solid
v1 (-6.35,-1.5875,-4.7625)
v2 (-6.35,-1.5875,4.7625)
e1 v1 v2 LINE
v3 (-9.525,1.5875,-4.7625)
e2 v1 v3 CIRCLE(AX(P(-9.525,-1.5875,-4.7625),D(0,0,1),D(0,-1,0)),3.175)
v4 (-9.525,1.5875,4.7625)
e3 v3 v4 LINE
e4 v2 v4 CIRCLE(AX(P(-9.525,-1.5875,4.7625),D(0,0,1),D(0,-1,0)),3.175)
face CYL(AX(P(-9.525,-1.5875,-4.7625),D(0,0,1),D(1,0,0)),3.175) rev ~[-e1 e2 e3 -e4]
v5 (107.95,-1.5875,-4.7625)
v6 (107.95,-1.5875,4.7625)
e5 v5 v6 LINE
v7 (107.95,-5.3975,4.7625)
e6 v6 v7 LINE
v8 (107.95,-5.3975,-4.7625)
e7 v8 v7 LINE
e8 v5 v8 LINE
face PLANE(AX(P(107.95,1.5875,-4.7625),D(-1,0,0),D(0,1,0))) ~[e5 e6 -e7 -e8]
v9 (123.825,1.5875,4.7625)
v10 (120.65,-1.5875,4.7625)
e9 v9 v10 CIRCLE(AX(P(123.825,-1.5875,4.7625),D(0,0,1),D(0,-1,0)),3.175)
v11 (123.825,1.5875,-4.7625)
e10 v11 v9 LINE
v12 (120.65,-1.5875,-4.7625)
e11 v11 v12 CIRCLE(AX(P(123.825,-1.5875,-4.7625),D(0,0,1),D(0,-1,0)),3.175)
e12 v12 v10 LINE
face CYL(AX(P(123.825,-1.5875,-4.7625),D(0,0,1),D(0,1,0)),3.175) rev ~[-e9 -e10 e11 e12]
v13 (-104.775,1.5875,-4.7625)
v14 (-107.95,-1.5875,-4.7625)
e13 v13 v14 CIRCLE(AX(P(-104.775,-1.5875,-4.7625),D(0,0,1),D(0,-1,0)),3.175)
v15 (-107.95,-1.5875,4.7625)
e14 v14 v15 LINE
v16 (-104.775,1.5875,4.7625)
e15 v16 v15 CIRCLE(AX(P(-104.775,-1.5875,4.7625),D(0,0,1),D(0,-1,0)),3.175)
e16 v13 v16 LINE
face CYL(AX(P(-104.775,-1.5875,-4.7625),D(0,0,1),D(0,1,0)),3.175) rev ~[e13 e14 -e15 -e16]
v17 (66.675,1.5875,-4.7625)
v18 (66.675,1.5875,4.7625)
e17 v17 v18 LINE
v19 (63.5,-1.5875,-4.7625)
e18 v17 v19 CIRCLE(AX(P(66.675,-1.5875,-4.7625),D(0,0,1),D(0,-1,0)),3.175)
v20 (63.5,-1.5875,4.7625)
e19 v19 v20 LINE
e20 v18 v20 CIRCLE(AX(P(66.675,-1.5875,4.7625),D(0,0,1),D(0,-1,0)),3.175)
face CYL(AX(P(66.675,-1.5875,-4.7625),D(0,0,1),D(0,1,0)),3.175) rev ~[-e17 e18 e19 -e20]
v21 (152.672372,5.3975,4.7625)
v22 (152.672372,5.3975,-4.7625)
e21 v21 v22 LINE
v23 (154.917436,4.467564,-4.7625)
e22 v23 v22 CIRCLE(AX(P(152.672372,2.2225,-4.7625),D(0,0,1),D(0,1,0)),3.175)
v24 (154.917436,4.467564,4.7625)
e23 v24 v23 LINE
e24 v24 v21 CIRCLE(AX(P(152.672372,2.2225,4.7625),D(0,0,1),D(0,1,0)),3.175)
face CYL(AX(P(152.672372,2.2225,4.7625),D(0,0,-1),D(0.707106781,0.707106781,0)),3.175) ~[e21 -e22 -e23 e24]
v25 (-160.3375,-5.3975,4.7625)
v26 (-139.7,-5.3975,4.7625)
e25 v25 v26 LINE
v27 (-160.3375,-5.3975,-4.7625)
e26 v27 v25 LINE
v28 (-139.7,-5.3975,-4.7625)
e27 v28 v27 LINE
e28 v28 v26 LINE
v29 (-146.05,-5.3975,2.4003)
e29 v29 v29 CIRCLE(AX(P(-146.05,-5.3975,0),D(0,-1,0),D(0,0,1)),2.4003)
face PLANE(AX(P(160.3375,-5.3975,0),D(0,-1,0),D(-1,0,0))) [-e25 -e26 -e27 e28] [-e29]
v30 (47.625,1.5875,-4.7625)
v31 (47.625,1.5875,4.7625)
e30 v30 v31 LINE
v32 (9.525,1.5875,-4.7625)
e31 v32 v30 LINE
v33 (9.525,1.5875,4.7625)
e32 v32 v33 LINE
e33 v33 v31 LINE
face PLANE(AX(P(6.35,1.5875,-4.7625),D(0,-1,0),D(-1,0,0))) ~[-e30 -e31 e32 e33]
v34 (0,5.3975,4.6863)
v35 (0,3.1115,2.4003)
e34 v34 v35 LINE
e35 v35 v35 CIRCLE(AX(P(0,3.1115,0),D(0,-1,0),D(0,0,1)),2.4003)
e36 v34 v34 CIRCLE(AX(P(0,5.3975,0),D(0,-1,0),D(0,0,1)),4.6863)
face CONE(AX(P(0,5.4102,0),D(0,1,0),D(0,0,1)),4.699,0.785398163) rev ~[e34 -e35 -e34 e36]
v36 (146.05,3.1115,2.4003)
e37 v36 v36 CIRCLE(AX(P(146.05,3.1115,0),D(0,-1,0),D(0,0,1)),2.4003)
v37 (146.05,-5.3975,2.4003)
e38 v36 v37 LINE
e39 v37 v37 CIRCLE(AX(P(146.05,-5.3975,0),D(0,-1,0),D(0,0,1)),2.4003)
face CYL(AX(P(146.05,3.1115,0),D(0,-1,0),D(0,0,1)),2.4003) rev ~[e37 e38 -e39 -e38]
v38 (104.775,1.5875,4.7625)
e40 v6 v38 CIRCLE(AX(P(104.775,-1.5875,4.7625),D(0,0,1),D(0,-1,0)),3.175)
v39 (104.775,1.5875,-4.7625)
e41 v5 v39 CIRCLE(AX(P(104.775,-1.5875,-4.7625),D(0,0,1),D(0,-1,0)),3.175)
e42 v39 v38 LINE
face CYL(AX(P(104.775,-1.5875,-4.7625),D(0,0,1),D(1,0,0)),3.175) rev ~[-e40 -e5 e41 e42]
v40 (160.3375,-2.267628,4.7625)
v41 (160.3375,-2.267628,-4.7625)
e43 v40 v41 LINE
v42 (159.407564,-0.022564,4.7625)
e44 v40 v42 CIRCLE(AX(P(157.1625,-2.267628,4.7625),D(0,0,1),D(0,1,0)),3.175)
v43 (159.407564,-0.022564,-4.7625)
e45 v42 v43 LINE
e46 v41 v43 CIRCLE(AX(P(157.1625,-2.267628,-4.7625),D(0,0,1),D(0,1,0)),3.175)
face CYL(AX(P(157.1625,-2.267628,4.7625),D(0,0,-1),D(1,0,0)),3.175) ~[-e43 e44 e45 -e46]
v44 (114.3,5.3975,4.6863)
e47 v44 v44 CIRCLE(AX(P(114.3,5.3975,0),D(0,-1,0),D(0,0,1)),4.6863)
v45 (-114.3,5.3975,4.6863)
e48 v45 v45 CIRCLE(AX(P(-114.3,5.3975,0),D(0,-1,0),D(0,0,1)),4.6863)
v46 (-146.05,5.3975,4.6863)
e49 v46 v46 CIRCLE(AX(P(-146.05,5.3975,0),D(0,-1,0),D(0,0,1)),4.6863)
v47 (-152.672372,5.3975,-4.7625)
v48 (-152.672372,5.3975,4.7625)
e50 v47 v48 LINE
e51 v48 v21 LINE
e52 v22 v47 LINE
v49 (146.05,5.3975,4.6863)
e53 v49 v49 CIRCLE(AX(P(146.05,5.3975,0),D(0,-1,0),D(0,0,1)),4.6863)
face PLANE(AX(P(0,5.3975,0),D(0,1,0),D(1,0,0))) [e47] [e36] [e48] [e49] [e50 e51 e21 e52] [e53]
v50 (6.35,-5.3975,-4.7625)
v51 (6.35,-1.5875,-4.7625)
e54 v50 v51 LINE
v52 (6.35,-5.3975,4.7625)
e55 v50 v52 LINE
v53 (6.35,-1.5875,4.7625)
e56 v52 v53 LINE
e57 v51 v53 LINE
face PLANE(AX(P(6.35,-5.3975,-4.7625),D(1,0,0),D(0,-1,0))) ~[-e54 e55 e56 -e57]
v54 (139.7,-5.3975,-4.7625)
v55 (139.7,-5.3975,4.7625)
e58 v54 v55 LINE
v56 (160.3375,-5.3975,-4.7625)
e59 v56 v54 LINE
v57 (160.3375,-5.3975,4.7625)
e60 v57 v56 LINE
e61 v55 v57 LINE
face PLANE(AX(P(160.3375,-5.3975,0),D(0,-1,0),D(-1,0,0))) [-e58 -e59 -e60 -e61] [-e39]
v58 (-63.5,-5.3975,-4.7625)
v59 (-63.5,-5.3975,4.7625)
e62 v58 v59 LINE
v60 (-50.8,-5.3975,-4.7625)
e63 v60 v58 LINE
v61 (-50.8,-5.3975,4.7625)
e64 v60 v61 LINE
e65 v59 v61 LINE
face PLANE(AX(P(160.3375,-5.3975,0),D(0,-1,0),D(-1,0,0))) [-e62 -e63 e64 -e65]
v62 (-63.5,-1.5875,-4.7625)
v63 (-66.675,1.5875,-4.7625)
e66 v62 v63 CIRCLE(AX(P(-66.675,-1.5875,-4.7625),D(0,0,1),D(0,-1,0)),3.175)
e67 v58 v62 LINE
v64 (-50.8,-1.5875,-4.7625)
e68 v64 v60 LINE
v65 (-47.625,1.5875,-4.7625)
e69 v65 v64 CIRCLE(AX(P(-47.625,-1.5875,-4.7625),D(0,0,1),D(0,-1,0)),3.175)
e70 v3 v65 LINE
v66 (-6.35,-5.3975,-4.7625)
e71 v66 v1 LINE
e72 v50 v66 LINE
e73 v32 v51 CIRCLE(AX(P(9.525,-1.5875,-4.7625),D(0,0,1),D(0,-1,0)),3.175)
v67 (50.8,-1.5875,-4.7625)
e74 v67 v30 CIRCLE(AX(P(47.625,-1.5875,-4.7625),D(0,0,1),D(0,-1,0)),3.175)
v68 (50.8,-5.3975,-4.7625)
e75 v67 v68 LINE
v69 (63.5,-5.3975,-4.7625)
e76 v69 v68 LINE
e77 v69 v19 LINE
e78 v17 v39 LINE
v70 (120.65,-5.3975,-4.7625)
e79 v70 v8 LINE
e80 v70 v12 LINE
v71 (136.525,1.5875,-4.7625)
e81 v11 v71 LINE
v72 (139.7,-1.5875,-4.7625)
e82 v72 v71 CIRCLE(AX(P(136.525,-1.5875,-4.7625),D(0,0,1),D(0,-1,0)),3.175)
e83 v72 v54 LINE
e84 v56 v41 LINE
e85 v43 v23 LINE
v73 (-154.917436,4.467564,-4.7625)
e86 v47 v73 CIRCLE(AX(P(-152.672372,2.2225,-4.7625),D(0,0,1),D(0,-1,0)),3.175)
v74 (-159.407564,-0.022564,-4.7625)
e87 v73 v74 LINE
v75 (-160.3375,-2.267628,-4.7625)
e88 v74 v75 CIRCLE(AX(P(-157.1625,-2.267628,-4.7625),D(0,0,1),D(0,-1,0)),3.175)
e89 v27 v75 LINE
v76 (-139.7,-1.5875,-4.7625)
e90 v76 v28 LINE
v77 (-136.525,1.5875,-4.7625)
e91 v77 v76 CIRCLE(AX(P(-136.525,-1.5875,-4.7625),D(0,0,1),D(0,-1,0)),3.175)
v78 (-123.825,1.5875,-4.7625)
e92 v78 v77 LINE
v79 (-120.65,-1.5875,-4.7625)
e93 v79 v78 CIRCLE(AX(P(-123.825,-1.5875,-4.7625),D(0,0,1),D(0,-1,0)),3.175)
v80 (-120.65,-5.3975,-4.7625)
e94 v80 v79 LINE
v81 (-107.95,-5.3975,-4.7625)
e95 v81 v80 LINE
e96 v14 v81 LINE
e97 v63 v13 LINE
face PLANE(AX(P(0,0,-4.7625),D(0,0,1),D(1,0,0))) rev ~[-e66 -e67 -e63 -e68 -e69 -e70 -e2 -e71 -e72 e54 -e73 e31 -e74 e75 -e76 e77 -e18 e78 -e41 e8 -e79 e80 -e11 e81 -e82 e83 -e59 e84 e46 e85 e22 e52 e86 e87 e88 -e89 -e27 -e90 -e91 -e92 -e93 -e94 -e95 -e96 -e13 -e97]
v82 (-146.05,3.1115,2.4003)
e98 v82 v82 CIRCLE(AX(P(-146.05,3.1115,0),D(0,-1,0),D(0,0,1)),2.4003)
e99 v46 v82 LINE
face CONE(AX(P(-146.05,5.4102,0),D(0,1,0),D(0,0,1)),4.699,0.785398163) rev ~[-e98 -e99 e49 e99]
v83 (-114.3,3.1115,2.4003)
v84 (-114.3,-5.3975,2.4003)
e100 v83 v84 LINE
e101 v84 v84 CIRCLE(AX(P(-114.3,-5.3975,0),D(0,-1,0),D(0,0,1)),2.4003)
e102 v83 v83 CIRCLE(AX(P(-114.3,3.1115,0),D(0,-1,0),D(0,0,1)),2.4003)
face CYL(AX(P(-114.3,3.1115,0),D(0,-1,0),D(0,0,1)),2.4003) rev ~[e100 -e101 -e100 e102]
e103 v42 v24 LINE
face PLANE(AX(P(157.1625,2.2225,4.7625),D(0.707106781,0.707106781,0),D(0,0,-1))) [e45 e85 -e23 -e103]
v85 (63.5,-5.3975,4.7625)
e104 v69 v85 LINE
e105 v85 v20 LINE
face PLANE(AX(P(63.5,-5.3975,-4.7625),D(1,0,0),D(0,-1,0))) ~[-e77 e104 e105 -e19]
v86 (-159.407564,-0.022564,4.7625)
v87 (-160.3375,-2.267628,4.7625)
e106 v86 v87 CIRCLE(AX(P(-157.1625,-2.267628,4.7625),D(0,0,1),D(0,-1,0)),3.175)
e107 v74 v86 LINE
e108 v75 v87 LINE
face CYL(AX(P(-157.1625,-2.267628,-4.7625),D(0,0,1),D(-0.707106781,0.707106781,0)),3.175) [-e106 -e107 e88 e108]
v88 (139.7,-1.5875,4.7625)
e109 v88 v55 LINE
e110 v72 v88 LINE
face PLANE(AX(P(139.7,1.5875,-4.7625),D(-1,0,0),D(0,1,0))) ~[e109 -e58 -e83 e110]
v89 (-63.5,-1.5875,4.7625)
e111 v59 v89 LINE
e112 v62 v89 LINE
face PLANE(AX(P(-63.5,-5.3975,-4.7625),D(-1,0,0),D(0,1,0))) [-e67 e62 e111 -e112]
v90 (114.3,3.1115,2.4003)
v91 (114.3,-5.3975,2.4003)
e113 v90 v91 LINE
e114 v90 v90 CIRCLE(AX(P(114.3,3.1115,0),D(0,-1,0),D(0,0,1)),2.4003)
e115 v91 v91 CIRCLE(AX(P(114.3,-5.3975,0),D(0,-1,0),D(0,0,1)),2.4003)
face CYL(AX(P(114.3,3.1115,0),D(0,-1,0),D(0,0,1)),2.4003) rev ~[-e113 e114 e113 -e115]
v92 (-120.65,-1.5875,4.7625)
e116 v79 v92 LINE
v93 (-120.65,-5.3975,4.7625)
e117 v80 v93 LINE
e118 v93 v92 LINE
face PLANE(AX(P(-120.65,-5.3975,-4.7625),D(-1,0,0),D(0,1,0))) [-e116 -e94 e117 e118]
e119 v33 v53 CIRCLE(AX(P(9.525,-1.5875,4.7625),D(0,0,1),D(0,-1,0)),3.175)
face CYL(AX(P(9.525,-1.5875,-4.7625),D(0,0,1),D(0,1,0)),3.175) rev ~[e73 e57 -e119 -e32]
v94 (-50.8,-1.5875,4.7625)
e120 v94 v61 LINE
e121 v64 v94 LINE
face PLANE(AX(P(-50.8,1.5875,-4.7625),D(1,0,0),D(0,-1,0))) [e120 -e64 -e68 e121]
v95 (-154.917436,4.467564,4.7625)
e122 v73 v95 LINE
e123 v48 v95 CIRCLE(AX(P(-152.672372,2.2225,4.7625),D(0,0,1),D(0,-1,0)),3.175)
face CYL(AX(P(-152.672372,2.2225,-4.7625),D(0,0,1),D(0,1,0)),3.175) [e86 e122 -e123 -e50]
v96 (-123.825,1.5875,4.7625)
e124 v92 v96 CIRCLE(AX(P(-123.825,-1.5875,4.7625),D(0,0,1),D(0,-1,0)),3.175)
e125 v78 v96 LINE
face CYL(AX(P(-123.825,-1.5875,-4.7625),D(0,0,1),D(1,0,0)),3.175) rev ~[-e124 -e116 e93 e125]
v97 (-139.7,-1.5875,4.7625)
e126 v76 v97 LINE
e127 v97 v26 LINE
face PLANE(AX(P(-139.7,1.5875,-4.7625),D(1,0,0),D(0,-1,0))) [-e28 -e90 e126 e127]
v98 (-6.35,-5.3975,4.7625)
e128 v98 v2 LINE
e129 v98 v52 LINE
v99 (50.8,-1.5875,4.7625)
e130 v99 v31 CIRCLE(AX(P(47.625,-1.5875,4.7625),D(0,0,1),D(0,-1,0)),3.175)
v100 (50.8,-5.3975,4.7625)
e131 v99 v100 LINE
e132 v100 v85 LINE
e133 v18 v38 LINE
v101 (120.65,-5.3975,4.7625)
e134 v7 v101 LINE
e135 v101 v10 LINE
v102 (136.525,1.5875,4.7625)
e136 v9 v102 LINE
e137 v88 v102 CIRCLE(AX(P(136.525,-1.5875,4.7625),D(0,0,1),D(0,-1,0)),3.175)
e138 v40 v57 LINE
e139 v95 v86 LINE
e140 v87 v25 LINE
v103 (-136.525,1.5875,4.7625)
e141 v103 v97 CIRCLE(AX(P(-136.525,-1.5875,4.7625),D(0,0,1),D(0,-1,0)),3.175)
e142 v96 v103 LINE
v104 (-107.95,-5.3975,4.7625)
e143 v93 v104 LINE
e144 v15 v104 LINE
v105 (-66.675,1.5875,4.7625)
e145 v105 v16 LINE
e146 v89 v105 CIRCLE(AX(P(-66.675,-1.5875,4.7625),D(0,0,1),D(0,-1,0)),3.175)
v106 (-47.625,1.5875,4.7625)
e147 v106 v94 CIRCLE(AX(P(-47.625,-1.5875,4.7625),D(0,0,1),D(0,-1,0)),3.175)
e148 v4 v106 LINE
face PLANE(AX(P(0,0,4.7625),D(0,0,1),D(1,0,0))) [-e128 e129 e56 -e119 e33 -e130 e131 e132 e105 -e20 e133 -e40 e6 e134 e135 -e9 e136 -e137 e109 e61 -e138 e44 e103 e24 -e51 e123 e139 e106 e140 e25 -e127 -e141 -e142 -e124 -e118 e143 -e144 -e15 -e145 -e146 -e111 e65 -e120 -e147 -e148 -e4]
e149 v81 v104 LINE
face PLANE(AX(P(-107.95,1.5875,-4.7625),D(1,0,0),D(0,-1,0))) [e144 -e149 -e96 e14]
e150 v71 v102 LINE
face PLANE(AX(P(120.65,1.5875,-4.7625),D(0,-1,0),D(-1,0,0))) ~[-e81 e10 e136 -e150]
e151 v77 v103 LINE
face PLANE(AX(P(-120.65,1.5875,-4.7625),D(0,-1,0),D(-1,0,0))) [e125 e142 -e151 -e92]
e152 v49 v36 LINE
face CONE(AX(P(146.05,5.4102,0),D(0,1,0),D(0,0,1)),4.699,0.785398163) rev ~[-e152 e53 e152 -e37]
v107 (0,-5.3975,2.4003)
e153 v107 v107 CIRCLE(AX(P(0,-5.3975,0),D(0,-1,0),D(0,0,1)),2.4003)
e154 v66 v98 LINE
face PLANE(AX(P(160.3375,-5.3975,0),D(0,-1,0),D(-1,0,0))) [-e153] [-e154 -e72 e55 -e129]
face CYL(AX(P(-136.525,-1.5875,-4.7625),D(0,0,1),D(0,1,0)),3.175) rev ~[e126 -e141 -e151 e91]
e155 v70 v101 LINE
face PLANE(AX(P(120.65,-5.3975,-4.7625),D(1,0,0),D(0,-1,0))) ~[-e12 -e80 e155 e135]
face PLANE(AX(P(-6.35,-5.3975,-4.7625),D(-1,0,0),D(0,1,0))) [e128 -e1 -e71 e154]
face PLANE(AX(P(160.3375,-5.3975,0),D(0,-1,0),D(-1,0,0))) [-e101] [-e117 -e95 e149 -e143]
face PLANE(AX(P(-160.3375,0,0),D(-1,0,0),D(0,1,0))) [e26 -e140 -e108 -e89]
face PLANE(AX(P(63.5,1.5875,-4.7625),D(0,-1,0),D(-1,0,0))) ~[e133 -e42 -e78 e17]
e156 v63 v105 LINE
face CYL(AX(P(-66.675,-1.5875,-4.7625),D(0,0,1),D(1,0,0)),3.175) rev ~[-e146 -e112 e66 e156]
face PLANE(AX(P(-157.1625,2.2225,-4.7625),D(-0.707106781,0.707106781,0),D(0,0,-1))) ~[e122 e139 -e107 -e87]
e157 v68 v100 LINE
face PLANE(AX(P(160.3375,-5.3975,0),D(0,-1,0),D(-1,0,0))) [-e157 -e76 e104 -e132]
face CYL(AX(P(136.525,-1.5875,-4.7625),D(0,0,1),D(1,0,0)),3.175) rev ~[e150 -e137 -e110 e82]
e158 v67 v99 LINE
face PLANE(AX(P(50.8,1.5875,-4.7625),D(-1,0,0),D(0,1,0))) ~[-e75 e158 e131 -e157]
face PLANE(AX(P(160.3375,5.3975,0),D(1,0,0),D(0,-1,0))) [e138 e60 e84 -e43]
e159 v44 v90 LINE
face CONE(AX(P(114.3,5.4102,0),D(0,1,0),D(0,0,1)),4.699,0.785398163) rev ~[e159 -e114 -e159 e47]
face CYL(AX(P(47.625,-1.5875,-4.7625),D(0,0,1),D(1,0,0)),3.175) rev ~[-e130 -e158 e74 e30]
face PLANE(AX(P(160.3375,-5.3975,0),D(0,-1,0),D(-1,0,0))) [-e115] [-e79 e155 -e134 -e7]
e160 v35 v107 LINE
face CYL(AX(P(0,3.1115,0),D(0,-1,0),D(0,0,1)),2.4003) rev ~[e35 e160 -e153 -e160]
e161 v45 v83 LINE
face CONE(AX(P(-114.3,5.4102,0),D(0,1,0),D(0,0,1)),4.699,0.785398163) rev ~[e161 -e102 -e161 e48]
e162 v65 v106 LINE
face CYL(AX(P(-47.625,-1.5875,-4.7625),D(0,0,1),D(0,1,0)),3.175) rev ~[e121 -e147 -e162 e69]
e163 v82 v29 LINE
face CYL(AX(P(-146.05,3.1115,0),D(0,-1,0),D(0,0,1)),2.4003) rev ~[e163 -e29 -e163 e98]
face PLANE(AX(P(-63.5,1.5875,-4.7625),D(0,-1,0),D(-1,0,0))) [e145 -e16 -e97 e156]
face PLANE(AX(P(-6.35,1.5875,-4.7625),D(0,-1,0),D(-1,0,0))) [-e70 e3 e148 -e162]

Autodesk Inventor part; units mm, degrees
ref_plane "YZ Plane" through (0, 0, 0) normal (1, 0, 0) x (0, 1, 0)
ref_plane "XY Plane" through (0, 0, 0) normal (0, 0, 1) x (1, 0, 0)
sketch "Sketch1" plane through (0, 0, 0) normal (0, 0, 1) x (1, 0, 0)
  line L0 (0, 7.5565) -> (0, -7.5565) projected
  line L1 (-224.4725, 0) -> (224.4725, 0) projected
  line L2 (160.3375, -5.3975) -> (-160.3375, -5.3975)
  line L3 (-160.3375, -5.3975) -> (-160.3375, 5.3975)
  line L4 (-160.3375, 5.3975) -> (160.3375, 5.3975)
  line L5 (160.3375, 5.3975) -> (160.3375, -5.3975)
  line L6 (160.3375, -5.3975) -> (-160.3375, 5.3975) construction
  line L7 (-160.3375, -5.3975) -> (160.3375, 5.3975) construction
  point P0 (0, 0)
  dimension "d0" = 320.675
  dimension "d1" = 10.795
extrude "Extrusion1" add sketch "Sketch1" along normal mid plane 9.525
sketch "Sketch2" plane through (0, 0, 0) normal (0, 0, 1) x (1, 0, 0)
  line L0 (-160.3375, 5.3975) -> (-160.3375, -5.3975) projected
  line L1 (-160.3375, -5.3975) -> (160.3375, -5.3975) projected
  line L2 (-160.3375, -5.3975) -> (160.3375, -5.3975) projected
  line L3 (160.3375, -5.3975) -> (160.3375, 5.3975) projected
  line L4 (160.3375, 5.3975) -> (-160.3375, 5.3975) projected
  line L5 (-160.3375, 5.3975) -> (-160.3375, -5.3975) projected
  line L6 (160.3375, -5.3975) -> (160.3375, 5.3975) projected
  line L7 (0, 7.5565) -> (0, -7.5565) projected
  line L8 (-139.7, -5.3975) -> (-120.65, -5.3975)
  line L9 (-120.65, -5.3975) -> (-120.65, 1.5875)
  line L10 (-120.65, 1.5875) -> (-139.7, 1.5875)
  line L11 (-139.7, 1.5875) -> (-139.7, -5.3975)
  line L12 (-107.95, -5.3975) -> (-63.5, -5.3975)
  line L13 (-63.5, -5.3975) -> (-63.5, 1.5875)
  line L14 (-63.5, 1.5875) -> (-107.95, 1.5875)
  line L15 (-107.95, 1.5875) -> (-107.95, -5.3975)
  line L16 (160.3375, 5.3975) -> (-160.3375, 5.3975) construction
  line L17 (-112.2997, -5.3975) -> (-116.3003, -5.3975) construction
  line L18 (-116.3003, -5.3975) -> (-116.3003, 5.3975) construction
  line L19 (-116.3003, 5.3975) -> (-112.2997, 5.3975) construction
  line L20 (-112.2997, 5.3975) -> (-112.2997, -5.3975) construction
  line L21 (-112.2997, -5.3975) -> (-116.3003, 5.3975) construction
  line L22 (-116.3003, -5.3975) -> (-112.2997, 5.3975) construction
  line L23 (-144.0497, -5.3975) -> (-148.0502, -5.3975) construction
  line L24 (-148.0502, -5.3975) -> (-148.0502, 5.3975) construction
  line L25 (-148.0502, 5.3975) -> (-144.0497, 5.3975) construction
  line L26 (-144.0497, 5.3975) -> (-144.0497, -5.3975) construction
  line L27 (-144.0497, -5.3975) -> (-148.0502, 5.3975) construction
  line L28 (-148.0502, -5.3975) -> (-144.0497, 5.3975) construction
  line L29 (2.0003, -5.3975) -> (-2.0002, -5.3975) construction
  line L30 (-2.0002, -5.3975) -> (-2.0003, 5.3975) construction
  line L31 (-2.0003, 5.3975) -> (2.0002, 5.3975) construction
  line L32 (2.0002, 5.3975) -> (2.0003, -5.3975) construction
  line L33 (2.0003, -5.3975) -> (-2.0003, 5.3975) construction
  line L34 (-2.0002, -5.3975) -> (2.0002, 5.3975) construction
  line L35 (116.3003, -5.3975) -> (112.2997, -5.3975) construction
  line L36 (112.2997, -5.3975) -> (112.2997, 5.3975) construction
  line L37 (112.2997, 5.3975) -> (116.3003, 5.3975) construction
  line L38 (116.3003, 5.3975) -> (116.3003, -5.3975) construction
  line L39 (116.3003, -5.3975) -> (112.2997, 5.3975) construction
  line L40 (112.2997, -5.3975) -> (116.3003, 5.3975) construction
  line L41 (148.0503, -5.3975) -> (144.0498, -5.3975) construction
  line L42 (144.0498, -5.3975) -> (144.0498, 5.3975) construction
  line L43 (144.0498, 5.3975) -> (148.0503, 5.3975) construction
  line L44 (148.0503, 5.3975) -> (148.0503, -5.3975) construction
  line L45 (148.0503, -5.3975) -> (144.0498, 5.3975) construction
  line L46 (144.0498, -5.3975) -> (148.0503, 5.3975) construction
  line L47 (-50.8, -5.3975) -> (-6.35, -5.3975)
  line L48 (-6.35, -5.3975) -> (-6.35, 1.5875)
  line L49 (-6.35, 1.5875) -> (-50.8, 1.5875)
  line L50 (-50.8, 1.5875) -> (-50.8, -5.3975)
  point P0 (0, 0)
  point P1 (-114.3, 0)
  point P2 (-146.05, 0)
  point P3 (114.3, 0)
  point P4 (146.05, 0)
  dimension "d4" = 320.675
  dimension "d5" = 4.0005
  dimension "d6" = 114.3
  dimension "d7" = 4.0005
  dimension "d8" = 31.75
  dimension "d9" = 4.0005
  dimension "d10" = 4.0005
  dimension "d11" = 114.3
  dimension "d12" = 4.0005
  dimension "d13" = 31.75
  dimension "d14" = 6.985
  dimension "d15" = 6.35
  dimension "d16" = 6.35
  dimension "d17" = 6.35
  dimension "d19" = 6.985
  dimension "d20" = 6.35
  dimension "d21" = 19.05
  dimension "d22" = 12.7
extrude "Extrusion2" cut sketch "Sketch2" along normal up to surface (9.525 mm away) from surface at -4.7625 contours L11 L10 L9 L1 | L1 L50 L49 L48 | L15 L14 L13 L1
chamfer "Chamfer1" distance 6.35 angle 45 1 edges at (-160.3375, 5.3975, 0)
mirror "Mirror1" about plane through (0, 0, 0) normal (1, 0, 0) of "Extrusion2"
fillet "Fillet1" radius 3.175 12 edges at (-139.7, 1.5875, 0) (-120.65, 1.5875, 0) (-107.95, 1.5875, 0) (-63.5, 1.5875, 0) (-50.8, 1.5875, 0) (-6.35, 1.5875, 0) (6.35, 1.5875, 0) (50.8, 1.5875, 0) (63.5, 1.5875, 0) (107.95, 1.5875, 0) (120.65, 1.5875, 0) (139.7, 1.5875, 0)
chamfer "Chamfer2" distance 6.35 angle 45 1 edges at (160.3375, 5.3975, 0)
fillet "Fillet2" radius 3.175 4 edges at (153.9875, 5.3975, 0) (160.3375, -0.9525, 0) (-160.3375, -0.9525, 0) (-153.9875, 5.3975, 0)
ref_plane "Work Plane1" through (0, 5.4102, 0) normal (0, 1, 0) x (-1, 0, 0)
sketch "Sketch3" plane through (0, 5.4102, 0) normal (0, 1, 0) x (-1, 0, 0)
  line L0 (0, -204.47) -> (0, 204.47) projected
  line L1 (-204.47, 0) -> (204.47, 0) projected
  point P0 (0, 0)
  point P1 (114.3, 0)
  point P2 (146.05, 0)
  point P3 (0, 0)
  point P4 (-146.05, 0)
  point P5 (-114.3, 0)
  dimension "d34" = 31.75
  dimension "d35" = 114.3
  dimension "d36" = 31.75
  dimension "d37" = 114.3
hole "Hole1" at (-114.3, 5.4102, 0) at (-146.05, 5.4102, 0) at (0, 5.4102, 0) at (146.05, 5.4102, 0) at (114.3, 5.4102, 0) direction (0, -1, 0) diameter 4.8006 end through all countersink diameter 9.398 countersink angle 90 clearance for "Flat Head Machine Screw" size "M4" standard "Ansi Metric M Profile"
properties part number "J005229" material "ACRYLIC, CLEAR"
